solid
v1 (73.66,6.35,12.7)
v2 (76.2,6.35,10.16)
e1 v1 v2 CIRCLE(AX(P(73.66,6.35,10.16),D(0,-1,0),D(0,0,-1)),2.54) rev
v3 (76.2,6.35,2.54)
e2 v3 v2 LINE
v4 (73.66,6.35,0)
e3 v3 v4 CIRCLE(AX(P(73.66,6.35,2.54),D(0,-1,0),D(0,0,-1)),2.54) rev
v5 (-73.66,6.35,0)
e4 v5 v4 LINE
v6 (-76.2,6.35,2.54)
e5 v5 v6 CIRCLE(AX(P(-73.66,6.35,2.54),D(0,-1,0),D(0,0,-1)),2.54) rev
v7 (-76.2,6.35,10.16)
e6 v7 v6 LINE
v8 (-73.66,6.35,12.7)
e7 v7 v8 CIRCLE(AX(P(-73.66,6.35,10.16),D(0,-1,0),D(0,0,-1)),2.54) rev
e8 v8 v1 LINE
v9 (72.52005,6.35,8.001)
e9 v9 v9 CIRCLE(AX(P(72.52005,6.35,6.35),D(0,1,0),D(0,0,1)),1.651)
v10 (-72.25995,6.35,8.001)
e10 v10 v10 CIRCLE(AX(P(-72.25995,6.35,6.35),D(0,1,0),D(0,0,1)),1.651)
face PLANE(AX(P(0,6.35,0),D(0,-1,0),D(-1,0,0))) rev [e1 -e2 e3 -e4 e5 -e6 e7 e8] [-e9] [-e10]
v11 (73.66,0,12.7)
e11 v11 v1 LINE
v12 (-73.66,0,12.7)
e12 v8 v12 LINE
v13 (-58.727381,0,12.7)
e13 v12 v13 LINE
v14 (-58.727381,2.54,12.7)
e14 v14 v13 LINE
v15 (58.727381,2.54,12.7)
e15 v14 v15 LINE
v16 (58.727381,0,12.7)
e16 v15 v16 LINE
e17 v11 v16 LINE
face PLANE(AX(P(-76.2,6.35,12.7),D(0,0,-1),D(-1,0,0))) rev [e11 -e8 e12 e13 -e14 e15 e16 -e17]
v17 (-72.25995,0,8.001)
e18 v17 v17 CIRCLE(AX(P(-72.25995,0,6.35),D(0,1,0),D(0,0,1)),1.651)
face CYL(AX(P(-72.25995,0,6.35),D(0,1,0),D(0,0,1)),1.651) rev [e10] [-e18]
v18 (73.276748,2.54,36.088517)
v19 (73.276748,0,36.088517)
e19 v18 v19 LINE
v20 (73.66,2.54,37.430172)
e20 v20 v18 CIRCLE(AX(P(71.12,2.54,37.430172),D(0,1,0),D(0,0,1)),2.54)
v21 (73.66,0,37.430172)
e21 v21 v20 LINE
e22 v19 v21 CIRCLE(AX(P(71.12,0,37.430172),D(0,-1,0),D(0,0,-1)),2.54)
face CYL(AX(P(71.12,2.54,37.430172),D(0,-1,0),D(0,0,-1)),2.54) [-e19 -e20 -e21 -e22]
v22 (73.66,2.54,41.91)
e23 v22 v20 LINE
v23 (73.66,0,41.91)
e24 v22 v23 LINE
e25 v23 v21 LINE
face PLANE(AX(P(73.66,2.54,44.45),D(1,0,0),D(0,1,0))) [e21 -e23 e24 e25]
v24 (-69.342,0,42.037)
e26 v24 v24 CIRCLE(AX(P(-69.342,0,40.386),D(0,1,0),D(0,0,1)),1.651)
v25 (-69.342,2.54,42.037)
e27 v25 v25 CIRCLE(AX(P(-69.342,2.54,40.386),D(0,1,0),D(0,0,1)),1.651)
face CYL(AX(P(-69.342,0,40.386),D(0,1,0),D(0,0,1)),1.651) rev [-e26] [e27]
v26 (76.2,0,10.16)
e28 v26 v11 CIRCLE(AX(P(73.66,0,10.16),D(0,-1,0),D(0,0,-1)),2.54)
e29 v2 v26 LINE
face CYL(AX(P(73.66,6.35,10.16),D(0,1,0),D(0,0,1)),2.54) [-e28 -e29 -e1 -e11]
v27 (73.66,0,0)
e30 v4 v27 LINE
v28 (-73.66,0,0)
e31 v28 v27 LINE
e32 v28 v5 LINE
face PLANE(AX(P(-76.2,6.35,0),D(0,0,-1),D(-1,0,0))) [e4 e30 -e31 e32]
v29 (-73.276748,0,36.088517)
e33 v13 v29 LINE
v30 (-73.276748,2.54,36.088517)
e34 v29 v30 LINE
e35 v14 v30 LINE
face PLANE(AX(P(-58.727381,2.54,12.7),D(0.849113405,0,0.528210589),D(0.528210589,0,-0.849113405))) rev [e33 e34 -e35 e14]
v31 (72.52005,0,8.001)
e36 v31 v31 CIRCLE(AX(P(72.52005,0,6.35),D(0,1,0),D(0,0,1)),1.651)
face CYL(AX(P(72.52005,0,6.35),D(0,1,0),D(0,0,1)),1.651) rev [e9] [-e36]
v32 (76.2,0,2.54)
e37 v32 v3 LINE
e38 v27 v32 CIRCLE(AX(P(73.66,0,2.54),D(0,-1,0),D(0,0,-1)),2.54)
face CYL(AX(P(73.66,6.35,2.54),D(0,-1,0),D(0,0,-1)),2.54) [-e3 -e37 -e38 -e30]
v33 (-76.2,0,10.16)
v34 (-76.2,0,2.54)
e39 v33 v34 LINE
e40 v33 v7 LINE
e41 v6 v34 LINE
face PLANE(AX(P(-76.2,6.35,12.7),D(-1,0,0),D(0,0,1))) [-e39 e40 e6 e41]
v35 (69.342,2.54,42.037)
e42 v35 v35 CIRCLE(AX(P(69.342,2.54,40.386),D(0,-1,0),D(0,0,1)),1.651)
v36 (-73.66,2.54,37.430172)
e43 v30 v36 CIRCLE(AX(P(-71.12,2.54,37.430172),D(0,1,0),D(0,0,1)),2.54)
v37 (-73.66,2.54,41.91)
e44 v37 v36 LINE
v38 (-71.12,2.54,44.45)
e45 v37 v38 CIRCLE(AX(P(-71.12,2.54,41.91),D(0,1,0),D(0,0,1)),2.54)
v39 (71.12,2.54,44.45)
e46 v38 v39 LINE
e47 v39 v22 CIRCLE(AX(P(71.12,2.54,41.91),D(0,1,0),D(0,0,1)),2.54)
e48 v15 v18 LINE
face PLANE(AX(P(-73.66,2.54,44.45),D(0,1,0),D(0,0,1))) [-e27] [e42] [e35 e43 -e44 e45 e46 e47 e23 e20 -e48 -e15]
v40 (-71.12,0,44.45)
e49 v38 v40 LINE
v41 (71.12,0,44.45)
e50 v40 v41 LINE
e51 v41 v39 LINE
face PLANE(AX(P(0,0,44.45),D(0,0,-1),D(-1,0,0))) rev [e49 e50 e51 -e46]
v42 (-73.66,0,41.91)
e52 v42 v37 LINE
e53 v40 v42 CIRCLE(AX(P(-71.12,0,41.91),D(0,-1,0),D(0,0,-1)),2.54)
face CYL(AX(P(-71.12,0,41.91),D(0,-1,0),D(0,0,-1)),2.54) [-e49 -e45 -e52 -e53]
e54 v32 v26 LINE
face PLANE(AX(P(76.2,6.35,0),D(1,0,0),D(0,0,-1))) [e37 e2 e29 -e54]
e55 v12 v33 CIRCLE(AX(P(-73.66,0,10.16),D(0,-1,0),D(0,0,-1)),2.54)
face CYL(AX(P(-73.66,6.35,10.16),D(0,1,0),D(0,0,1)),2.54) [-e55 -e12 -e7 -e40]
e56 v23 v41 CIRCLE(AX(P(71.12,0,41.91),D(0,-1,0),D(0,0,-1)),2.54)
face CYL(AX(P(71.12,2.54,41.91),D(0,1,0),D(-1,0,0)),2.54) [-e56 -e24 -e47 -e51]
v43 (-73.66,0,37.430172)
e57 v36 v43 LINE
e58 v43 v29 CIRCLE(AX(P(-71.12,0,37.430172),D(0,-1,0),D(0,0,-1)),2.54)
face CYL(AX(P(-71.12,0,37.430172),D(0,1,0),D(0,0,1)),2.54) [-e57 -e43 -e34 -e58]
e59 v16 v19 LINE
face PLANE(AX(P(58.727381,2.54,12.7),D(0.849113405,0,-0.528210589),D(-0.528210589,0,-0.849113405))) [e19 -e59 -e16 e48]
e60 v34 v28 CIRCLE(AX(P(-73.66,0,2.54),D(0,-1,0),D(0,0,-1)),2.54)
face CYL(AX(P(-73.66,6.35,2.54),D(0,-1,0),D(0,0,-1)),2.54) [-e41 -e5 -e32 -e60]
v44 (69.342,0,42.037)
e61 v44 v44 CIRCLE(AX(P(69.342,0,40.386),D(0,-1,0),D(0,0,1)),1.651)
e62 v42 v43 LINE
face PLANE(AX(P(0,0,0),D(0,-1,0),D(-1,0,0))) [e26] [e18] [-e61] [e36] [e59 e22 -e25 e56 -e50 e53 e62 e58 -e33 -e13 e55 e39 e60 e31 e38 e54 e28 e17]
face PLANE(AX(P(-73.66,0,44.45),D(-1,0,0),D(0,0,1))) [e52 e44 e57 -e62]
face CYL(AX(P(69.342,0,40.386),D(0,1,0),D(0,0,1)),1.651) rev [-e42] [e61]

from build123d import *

# Parameters (mm, degrees)
SKETCH1_W           = 152.4
SKETCH1_H           = 12.7
EXTRUDE_THIN1_DEPTH = 6.35
FILLET1_R           = 2.54
SKETCH3_R           = 1.651
CUT_EXTRUDE1_DEPTH  = 6.35
LPATTERN1_COUNT     = 2
LPATTERN1_PITCH     = 144.78
SKETCH4_W           = 147.32
SKETCH4_H           = 2.54
EXTRUDE_THIN2_DEPTH = 31.75
CUT_EXTRUDE2_DEPTH  = 2.54
FILLET2_R           = 2.54
SKETCH7_R           = 1.651
CUT_EXTRUDE3_DEPTH  = 2.54


with BuildPart() as part:
    # Sketch1 → Extrude-Thin1 (new body)
    with BuildSketch(Plane(origin=(0, 0, 0), x_dir=(1, 0, 0), z_dir=(0, 1, 0))):
        with Locations((0, -6.35)):
            Rectangle(SKETCH1_W, SKETCH1_H)
    extrude(amount=EXTRUDE_THIN1_DEPTH)

    # Fillet1
    fillet1_edges = [part.edges().sort_by_distance(p)[0] for p in [
        (-76.2, 3.175, 12.7),
        (-76.2, 3.175, 0),
        (76.2, 3.175, 0),
        (76.2, 3.175, 12.7),
    ]]
    fillet(fillet1_edges, radius=FILLET1_R)

    # Sketch3 → Cut-Extrude1 (cut)
    with BuildSketch(Plane(origin=(0, 6.35, 0), x_dir=(1, 0, 0), z_dir=(0, 1, 0))):
        with Locations((72.520050335, -6.35)):
            Circle(SKETCH3_R)
    cut_extrude1 = extrude(amount=-CUT_EXTRUDE1_DEPTH, mode=Mode.SUBTRACT)

    # LPattern1: Cut-Extrude1 ×2
    with Locations(*[(-i * LPATTERN1_PITCH, 0, 0) for i in range(1, LPATTERN1_COUNT)]):
        add(cut_extrude1, mode=Mode.SUBTRACT)

    # Sketch4 → Extrude-Thin2 (add)
    with BuildSketch(Plane.XY.offset(12.7)):
        with Locations((0, 1.27)):
            Rectangle(SKETCH4_W, SKETCH4_H)
    extrude(amount=EXTRUDE_THIN2_DEPTH)

    # Sketch5 → Cut-Extrude2 (cut)
    with BuildSketch(Plane(origin=(0, 0, 0), x_dir=(-1, 0, 0), z_dir=(0, -1, 0))):
        Polygon((-73.66, -12.7), (-58.727381013, -12.7), (-73.66, -36.704605771), align=None)
    cut_extrude2 = extrude(amount=-CUT_EXTRUDE2_DEPTH, mode=Mode.SUBTRACT)

    # Mirror1: Cut-Extrude2 across plane
    add(cut_extrude2.mirror(Plane(origin=(0, 0, 0), x_dir=(0, 0, 1), z_dir=(1, 0, 0))), mode=Mode.SUBTRACT)

    # Fillet2
    fillet2_edges = [part.edges().sort_by_distance(p)[0] for p in [
        (-73.66, 1.27, 36.704605771),
        (73.66, 1.27, 44.45),
        (-73.66, 1.27, 44.45),
        (73.66, 1.27, 36.704605771),
    ]]
    fillet(fillet2_edges, radius=FILLET2_R)

    # Sketch7 → Cut-Extrude3 (cut)
    with BuildSketch(Plane(origin=(0, 2.54, 0), x_dir=(1, 0, 0), z_dir=(0, 1, 0))):
        with Locations((-69.342, -40.386)):
            Circle(SKETCH7_R)
    cut_extrude3 = extrude(amount=-CUT_EXTRUDE3_DEPTH, mode=Mode.SUBTRACT)

    # Mirror2: Cut-Extrude3 across plane
    add(cut_extrude3.mirror(Plane(origin=(0, 0, 0), x_dir=(0, 0, 1), z_dir=(1, 0, 0))), mode=Mode.SUBTRACT)


solid = part.part
